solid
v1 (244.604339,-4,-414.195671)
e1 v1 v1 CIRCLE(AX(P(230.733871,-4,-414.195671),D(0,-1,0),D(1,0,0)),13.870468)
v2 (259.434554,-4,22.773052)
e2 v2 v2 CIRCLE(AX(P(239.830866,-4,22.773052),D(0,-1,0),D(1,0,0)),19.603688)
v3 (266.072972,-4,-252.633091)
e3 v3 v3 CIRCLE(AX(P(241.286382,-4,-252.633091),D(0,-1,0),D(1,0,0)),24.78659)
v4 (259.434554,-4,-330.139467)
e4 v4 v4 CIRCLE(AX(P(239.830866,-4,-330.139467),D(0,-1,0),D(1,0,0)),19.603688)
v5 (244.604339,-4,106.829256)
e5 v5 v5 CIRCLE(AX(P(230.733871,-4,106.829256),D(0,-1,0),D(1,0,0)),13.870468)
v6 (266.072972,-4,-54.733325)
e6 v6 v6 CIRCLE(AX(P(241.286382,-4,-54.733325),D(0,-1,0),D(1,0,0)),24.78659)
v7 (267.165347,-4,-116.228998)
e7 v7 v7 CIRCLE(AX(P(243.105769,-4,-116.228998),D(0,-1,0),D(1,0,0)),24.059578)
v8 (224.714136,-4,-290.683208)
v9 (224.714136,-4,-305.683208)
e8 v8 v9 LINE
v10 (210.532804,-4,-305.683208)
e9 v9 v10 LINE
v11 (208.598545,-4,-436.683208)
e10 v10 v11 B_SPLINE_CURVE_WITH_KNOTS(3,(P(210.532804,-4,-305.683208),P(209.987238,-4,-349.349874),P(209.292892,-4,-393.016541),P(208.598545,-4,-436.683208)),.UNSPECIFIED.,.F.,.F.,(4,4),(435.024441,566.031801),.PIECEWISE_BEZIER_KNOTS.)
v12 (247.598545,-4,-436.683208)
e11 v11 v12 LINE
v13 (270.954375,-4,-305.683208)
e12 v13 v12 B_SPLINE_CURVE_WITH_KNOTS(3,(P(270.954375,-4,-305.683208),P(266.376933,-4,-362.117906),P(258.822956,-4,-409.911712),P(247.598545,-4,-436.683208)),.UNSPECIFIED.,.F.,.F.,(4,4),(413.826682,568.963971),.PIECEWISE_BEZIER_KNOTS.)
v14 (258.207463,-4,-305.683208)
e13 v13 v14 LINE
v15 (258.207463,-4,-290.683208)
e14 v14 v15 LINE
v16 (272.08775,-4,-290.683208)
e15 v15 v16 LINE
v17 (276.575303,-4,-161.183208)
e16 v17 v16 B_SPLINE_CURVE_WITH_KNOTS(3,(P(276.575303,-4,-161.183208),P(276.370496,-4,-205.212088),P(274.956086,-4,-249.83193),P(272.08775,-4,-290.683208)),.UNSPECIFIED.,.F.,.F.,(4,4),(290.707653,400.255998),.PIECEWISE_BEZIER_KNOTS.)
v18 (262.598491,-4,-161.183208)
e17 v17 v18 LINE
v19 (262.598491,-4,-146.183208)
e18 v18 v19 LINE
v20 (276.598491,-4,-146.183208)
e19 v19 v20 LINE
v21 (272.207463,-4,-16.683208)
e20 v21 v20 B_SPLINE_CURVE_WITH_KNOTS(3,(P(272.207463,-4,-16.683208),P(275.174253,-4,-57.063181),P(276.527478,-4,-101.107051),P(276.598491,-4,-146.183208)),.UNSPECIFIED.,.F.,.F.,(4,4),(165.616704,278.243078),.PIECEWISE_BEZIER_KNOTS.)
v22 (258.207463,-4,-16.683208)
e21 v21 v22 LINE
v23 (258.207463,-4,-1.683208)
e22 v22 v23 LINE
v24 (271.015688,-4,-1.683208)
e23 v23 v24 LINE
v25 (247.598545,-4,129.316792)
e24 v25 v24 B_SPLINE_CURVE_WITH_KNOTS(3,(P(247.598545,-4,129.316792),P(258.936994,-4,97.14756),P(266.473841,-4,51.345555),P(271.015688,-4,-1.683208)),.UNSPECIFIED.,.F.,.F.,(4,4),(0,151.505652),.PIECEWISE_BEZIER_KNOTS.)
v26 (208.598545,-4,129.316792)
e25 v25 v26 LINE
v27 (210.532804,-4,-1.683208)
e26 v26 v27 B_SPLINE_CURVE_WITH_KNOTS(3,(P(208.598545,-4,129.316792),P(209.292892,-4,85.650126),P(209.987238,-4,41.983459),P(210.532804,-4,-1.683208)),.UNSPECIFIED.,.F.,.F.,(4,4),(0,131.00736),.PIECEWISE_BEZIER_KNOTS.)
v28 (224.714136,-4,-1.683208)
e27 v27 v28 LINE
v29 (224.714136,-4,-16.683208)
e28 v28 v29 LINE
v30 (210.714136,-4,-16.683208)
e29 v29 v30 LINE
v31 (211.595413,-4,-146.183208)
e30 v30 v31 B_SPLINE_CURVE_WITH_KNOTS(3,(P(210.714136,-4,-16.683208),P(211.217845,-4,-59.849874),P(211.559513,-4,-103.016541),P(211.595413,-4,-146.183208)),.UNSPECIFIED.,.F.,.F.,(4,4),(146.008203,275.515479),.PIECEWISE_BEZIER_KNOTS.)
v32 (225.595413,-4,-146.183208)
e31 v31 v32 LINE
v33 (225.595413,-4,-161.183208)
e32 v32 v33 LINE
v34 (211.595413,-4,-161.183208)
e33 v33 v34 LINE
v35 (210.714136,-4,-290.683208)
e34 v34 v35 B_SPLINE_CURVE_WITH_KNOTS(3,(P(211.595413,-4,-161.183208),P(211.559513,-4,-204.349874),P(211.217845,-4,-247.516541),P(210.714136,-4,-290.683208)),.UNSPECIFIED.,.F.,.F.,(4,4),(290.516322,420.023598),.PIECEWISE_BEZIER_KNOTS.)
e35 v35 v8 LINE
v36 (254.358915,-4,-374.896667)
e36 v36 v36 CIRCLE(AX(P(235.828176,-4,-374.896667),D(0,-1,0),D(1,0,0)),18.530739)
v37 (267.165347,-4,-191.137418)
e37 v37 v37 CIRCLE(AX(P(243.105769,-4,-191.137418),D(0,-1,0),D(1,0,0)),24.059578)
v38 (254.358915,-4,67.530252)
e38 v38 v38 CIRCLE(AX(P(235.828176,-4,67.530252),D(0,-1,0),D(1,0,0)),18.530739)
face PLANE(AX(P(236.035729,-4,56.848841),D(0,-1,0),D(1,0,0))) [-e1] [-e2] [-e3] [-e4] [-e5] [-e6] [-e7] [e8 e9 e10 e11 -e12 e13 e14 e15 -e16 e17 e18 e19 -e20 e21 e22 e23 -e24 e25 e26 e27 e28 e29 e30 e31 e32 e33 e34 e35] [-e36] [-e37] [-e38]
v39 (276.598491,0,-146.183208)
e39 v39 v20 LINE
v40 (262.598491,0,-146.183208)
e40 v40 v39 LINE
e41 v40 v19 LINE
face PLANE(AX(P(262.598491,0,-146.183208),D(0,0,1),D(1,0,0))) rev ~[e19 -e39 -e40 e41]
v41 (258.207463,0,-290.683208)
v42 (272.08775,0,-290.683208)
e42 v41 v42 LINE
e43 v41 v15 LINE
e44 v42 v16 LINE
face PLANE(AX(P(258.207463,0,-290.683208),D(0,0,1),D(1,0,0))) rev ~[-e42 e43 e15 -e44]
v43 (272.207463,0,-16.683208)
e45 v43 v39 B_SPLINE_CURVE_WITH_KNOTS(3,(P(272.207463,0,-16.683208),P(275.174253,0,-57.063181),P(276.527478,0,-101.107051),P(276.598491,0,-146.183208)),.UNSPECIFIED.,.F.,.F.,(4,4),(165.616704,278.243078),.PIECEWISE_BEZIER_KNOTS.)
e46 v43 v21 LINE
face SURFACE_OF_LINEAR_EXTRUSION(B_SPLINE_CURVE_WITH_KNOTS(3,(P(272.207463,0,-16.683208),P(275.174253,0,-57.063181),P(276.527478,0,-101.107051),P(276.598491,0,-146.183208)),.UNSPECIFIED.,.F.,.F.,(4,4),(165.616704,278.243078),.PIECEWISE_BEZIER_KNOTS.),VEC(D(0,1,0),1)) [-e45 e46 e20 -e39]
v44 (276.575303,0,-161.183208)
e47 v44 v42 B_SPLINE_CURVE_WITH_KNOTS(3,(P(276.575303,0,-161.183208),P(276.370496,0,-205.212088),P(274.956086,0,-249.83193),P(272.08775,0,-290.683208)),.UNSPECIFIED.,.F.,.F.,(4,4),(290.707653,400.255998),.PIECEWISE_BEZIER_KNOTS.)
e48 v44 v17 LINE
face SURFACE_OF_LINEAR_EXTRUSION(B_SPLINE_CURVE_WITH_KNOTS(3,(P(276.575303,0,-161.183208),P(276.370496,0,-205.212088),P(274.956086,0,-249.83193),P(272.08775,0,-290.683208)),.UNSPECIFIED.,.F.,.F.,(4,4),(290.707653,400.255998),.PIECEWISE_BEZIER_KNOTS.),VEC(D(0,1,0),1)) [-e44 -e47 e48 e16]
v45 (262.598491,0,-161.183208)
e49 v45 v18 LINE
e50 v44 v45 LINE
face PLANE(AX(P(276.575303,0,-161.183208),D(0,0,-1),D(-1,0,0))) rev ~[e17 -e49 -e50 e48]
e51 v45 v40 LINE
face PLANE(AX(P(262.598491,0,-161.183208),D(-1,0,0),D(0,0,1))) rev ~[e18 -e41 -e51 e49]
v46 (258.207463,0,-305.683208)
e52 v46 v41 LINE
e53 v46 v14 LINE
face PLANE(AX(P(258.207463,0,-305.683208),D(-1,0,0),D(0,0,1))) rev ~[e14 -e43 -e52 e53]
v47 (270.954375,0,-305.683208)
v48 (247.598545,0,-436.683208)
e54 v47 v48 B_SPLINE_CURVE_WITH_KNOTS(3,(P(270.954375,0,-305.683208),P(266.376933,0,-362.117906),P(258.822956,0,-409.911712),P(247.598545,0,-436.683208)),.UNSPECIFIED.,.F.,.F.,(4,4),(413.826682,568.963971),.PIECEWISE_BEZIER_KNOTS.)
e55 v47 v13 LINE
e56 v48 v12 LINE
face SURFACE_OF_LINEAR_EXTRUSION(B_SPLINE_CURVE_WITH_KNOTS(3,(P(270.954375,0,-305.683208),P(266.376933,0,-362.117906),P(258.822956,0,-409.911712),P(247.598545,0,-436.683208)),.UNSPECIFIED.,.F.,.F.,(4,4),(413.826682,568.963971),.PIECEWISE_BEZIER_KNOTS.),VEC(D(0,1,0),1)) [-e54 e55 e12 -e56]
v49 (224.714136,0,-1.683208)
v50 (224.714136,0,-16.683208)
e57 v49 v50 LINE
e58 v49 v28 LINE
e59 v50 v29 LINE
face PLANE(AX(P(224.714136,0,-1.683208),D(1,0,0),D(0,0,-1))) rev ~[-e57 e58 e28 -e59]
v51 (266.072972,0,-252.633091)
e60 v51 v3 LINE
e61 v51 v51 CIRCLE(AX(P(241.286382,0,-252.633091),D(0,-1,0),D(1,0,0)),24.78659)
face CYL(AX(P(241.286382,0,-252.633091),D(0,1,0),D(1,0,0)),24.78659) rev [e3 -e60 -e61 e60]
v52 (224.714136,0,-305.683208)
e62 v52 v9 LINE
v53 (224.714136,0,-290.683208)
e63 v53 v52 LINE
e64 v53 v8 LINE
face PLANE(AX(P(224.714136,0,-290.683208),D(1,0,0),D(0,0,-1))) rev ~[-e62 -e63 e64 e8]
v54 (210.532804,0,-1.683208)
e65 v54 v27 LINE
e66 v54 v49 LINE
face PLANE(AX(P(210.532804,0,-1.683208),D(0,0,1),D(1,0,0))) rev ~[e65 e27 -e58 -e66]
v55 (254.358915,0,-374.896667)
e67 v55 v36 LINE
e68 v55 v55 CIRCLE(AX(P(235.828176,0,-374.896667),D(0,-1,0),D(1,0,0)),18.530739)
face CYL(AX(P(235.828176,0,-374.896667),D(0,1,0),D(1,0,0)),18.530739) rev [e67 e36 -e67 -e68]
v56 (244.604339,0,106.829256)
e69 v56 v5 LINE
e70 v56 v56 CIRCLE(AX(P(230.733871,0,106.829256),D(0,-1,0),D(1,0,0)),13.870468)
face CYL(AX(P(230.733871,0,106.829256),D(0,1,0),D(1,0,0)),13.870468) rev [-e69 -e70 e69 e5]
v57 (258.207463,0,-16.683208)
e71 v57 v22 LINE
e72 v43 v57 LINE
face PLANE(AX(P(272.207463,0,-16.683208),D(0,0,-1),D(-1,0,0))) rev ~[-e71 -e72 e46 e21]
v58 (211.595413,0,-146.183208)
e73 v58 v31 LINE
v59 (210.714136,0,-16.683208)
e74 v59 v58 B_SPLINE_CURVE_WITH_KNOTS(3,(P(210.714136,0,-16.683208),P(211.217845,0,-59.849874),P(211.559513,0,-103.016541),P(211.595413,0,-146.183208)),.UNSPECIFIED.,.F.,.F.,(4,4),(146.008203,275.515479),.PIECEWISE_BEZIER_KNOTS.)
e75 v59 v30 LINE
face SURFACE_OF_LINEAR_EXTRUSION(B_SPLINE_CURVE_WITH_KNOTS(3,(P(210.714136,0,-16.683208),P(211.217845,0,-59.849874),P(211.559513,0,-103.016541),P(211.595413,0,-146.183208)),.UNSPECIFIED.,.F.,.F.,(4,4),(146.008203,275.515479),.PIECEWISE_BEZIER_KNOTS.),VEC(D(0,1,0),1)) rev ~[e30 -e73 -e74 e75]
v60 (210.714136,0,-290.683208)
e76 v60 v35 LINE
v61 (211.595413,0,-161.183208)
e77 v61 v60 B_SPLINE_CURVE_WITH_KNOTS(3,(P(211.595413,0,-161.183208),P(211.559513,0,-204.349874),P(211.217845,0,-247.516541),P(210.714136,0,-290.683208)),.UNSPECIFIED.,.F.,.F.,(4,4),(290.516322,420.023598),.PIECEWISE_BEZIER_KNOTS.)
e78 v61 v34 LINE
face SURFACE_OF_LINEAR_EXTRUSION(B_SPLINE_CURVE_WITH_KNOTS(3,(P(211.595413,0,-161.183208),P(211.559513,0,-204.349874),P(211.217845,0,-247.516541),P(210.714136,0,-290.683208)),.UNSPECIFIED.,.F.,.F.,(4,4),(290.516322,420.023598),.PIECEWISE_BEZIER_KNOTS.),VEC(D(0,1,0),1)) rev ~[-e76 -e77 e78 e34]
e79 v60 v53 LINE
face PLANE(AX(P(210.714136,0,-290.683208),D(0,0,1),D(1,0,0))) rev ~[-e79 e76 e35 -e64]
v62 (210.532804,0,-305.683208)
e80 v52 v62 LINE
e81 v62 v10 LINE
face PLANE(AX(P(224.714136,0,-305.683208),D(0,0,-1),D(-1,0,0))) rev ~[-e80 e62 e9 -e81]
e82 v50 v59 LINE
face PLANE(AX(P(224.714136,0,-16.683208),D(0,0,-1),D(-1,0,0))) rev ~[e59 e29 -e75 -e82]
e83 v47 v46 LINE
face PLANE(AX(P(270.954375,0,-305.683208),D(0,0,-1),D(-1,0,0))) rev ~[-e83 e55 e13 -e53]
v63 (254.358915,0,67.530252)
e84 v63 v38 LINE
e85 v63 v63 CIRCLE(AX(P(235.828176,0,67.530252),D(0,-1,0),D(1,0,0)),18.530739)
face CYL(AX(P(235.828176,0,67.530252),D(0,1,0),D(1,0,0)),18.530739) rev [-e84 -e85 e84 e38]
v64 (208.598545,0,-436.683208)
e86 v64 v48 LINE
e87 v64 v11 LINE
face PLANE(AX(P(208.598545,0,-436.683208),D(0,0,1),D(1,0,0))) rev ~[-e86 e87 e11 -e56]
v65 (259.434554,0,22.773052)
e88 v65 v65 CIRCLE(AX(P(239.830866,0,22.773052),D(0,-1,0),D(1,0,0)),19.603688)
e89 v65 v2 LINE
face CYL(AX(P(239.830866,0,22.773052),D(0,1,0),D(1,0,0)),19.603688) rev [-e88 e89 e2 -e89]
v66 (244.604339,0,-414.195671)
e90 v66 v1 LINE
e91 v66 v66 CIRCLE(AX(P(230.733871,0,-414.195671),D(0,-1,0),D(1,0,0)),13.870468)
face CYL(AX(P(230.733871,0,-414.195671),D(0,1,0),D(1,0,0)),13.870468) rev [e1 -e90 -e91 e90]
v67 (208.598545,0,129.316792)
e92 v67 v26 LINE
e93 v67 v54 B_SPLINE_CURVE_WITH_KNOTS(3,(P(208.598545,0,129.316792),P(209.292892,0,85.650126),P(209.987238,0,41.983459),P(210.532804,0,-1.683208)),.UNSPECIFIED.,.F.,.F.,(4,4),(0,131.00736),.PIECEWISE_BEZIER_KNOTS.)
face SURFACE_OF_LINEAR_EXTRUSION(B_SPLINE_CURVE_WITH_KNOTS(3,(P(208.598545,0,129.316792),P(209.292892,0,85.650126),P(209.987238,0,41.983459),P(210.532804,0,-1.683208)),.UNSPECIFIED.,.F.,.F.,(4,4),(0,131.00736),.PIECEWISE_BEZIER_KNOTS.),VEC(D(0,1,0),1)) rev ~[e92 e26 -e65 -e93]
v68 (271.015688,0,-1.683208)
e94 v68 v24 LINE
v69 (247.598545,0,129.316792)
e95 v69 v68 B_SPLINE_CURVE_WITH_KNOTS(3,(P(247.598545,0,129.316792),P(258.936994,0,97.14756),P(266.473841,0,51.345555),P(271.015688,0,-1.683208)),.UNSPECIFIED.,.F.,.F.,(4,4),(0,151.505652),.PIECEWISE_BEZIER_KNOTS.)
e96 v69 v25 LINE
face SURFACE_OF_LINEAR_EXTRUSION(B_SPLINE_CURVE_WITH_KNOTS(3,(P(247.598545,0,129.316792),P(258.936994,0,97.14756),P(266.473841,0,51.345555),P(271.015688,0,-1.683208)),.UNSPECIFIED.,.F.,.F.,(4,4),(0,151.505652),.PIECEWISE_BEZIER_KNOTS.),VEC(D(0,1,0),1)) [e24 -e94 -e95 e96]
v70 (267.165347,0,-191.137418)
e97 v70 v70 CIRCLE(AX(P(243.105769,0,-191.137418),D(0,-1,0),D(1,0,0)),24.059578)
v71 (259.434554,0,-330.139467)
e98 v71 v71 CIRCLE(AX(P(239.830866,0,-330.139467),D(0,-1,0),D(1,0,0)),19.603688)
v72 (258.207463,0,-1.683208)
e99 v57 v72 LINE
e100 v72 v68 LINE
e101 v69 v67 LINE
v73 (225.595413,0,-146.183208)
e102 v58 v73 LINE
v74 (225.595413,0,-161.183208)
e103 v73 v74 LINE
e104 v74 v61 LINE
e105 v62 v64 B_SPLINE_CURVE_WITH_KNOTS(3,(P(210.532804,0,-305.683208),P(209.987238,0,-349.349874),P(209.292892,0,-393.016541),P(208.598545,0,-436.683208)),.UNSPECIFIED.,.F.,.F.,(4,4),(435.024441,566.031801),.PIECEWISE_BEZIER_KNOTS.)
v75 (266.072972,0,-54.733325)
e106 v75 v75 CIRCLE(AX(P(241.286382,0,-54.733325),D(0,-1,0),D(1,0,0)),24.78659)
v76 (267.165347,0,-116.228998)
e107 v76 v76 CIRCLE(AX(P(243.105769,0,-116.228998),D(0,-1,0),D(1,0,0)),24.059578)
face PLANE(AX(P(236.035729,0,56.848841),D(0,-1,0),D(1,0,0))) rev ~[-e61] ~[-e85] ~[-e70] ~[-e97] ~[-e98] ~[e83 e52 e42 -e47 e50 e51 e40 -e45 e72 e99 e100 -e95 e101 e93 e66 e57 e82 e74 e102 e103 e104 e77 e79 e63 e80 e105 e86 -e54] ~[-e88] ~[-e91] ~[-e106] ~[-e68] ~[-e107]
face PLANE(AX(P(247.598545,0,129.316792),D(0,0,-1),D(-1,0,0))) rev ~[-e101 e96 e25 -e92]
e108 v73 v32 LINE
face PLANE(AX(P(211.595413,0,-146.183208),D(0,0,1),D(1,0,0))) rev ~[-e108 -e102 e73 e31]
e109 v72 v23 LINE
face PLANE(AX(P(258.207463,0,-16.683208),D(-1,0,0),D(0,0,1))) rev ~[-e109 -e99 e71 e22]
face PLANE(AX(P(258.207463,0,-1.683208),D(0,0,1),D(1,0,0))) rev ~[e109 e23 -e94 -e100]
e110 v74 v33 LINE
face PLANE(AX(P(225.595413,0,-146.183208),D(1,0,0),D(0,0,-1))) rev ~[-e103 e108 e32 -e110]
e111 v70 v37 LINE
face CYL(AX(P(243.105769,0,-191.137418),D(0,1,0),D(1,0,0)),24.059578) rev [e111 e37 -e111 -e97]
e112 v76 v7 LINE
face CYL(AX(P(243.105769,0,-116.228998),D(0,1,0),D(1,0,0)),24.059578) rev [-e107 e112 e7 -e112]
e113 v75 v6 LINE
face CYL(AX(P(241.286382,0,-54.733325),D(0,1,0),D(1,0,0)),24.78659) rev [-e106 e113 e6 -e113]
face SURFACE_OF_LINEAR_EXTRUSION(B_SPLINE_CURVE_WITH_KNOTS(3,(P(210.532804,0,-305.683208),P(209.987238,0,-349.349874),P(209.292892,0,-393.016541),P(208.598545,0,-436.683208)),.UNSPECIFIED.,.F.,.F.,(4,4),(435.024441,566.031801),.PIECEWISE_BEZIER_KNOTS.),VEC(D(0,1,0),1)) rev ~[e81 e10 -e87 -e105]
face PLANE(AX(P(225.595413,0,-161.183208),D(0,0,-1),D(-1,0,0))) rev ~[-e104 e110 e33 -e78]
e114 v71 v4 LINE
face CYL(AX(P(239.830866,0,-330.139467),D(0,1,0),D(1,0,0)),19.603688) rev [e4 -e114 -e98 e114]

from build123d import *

# Parameters (mm, degrees)
F0_R     = 19.603688
F0_R_2   = 13.870468
F0_R_3   = 18.530739
F0_R_4   = 24.78659
F0_R_5   = 24.059578
F1_DEPTH = 4


with BuildPart() as f1:
    # F0 (on Front) → F1 (new body)
    with BuildSketch(Plane.XZ):
        with BuildLine():
            Line((247.598545, 129.316792), (218.598545, 129.316792))
            Line((218.598545, 129.316792), (208.598545, 129.316792))
            add(Edge.make_bspline(
                [(208.598545, 129.316792), (209.292892, 85.650126), (209.987238, 41.983459), (210.532804, -1.683208)],
                knots=[0, 0, 0, 0, 131.00736, 131.00736, 131.00736, 131.00736], degree=3))
            Line((210.532804, -1.683208), (224.714136, -1.683208))
            Line((224.714136, -1.683208), (224.714136, -9.183208))
            Line((224.714136, -9.183208), (258.207463, -9.183208))
            Line((258.207463, -9.183208), (258.207463, -1.683208))
            Line((258.207463, -1.683208), (271.015688, -1.683208))
            add(Edge.make_bspline(
                [(247.598545, 129.316792), (258.936994, 97.14756), (266.473841, 51.345555), (271.015688, -1.683208)],
                knots=[0, 0, 0, 0, 151.505652, 151.505652, 151.505652, 151.505652], degree=3))
        make_face()
        with Locations((239.830866, 22.773052)):
            Circle(F0_R, mode=Mode.SUBTRACT)
        with Locations((230.733871, 106.829256)):
            Circle(F0_R_2, mode=Mode.SUBTRACT)
        with Locations((235.828176, 67.530252)):
            Circle(F0_R_3, mode=Mode.SUBTRACT)
        with BuildLine():
            Line((258.207463, -16.683208), (258.207463, -9.183208))
            Line((258.207463, -9.183208), (224.714136, -9.183208))
            Line((224.714136, -9.183208), (224.714136, -16.683208))
            Line((224.714136, -16.683208), (210.714136, -16.683208))
            add(Edge.make_bspline(
                [(210.714136, -16.683208), (211.217845, -59.849874), (211.559513, -103.016541), (211.595413, -146.183208)],
                knots=[146.008203, 146.008203, 146.008203, 146.008203, 275.515479, 275.515479, 275.515479, 275.515479], degree=3))
            Line((211.595413, -146.183208), (225.595413, -146.183208))
            Line((225.595413, -146.183208), (225.595413, -153.683208))
            Line((225.595413, -153.683208), (262.598491, -153.683208))
            Line((262.598491, -153.683208), (262.598491, -146.183208))
            Line((262.598491, -146.183208), (276.598491, -146.183208))
            add(Edge.make_bspline(
                [(272.207463, -16.683208), (275.174253, -57.063181), (276.527478, -101.107051), (276.598491, -146.183208)],
                knots=[165.616704, 165.616704, 165.616704, 165.616704, 278.243078, 278.243078, 278.243078, 278.243078], degree=3))
            Line((272.207463, -16.683208), (258.207463, -16.683208))
        make_face()
        with Locations((241.286382, -54.733325)):
            Circle(F0_R_4, mode=Mode.SUBTRACT)
        with Locations((243.105769, -116.228998)):
            Circle(F0_R_5, mode=Mode.SUBTRACT)
        with BuildLine():
            add(Edge.make_bspline(
                [(210.532804, -305.683208), (209.987238, -349.349874), (209.292892, -393.016541), (208.598545, -436.683208)],
                knots=[435.024441, 435.024441, 435.024441, 435.024441, 566.031801, 566.031801, 566.031801, 566.031801], degree=3))
            Line((208.598545, -436.683208), (218.598545, -436.683208))
            Line((218.598545, -436.683208), (247.598545, -436.683208))
            add(Edge.make_bspline(
                [(270.954375, -305.683208), (266.376933, -362.117906), (258.822956, -409.911712), (247.598545, -436.683208)],
                knots=[413.826682, 413.826682, 413.826682, 413.826682, 568.963971, 568.963971, 568.963971, 568.963971], degree=3))
            Line((270.954375, -305.683208), (258.207463, -305.683208))
            Line((258.207463, -305.683208), (258.207463, -298.183208))
            Line((258.207463, -298.183208), (258.207463, -290.683208))
            Line((258.207463, -290.683208), (272.08775, -290.683208))
            add(Edge.make_bspline(
                [(276.575303, -161.183208), (276.370496, -205.212088), (274.956086, -249.83193), (272.08775, -290.683208)],
                knots=[290.707653, 290.707653, 290.707653, 290.707653, 400.255998, 400.255998, 400.255998, 400.255998], degree=3))
            Line((276.575303, -161.183208), (262.598491, -161.183208))
            Line((262.598491, -161.183208), (262.598491, -153.683208))
            Line((262.598491, -153.683208), (225.595413, -153.683208))
            Line((225.595413, -153.683208), (225.595413, -161.183208))
            Line((225.595413, -161.183208), (211.595413, -161.183208))
            add(Edge.make_bspline(
                [(211.595413, -161.183208), (211.559513, -204.349874), (211.217845, -247.516541), (210.714136, -290.683208)],
                knots=[290.516322, 290.516322, 290.516322, 290.516322, 420.023598, 420.023598, 420.023598, 420.023598], degree=3))
            Line((210.714136, -290.683208), (224.714136, -290.683208))
            Line((224.714136, -290.683208), (224.714136, -305.683208))
            Line((224.714136, -305.683208), (210.532804, -305.683208))
        make_face()
        with Locations((230.733871, -414.195671)):
            Circle(F0_R_2, mode=Mode.SUBTRACT)
        with Locations((235.828176, -374.896667)):
            Circle(F0_R_3, mode=Mode.SUBTRACT)
        with Locations((239.830866, -330.139467)):
            Circle(F0_R, mode=Mode.SUBTRACT)
        with Locations((241.286382, -252.633091)):
            Circle(F0_R_4, mode=Mode.SUBTRACT)
        with Locations((243.105769, -191.137418)):
            Circle(F0_R_5, mode=Mode.SUBTRACT)
    extrude(amount=F1_DEPTH)


solid = f1.part
